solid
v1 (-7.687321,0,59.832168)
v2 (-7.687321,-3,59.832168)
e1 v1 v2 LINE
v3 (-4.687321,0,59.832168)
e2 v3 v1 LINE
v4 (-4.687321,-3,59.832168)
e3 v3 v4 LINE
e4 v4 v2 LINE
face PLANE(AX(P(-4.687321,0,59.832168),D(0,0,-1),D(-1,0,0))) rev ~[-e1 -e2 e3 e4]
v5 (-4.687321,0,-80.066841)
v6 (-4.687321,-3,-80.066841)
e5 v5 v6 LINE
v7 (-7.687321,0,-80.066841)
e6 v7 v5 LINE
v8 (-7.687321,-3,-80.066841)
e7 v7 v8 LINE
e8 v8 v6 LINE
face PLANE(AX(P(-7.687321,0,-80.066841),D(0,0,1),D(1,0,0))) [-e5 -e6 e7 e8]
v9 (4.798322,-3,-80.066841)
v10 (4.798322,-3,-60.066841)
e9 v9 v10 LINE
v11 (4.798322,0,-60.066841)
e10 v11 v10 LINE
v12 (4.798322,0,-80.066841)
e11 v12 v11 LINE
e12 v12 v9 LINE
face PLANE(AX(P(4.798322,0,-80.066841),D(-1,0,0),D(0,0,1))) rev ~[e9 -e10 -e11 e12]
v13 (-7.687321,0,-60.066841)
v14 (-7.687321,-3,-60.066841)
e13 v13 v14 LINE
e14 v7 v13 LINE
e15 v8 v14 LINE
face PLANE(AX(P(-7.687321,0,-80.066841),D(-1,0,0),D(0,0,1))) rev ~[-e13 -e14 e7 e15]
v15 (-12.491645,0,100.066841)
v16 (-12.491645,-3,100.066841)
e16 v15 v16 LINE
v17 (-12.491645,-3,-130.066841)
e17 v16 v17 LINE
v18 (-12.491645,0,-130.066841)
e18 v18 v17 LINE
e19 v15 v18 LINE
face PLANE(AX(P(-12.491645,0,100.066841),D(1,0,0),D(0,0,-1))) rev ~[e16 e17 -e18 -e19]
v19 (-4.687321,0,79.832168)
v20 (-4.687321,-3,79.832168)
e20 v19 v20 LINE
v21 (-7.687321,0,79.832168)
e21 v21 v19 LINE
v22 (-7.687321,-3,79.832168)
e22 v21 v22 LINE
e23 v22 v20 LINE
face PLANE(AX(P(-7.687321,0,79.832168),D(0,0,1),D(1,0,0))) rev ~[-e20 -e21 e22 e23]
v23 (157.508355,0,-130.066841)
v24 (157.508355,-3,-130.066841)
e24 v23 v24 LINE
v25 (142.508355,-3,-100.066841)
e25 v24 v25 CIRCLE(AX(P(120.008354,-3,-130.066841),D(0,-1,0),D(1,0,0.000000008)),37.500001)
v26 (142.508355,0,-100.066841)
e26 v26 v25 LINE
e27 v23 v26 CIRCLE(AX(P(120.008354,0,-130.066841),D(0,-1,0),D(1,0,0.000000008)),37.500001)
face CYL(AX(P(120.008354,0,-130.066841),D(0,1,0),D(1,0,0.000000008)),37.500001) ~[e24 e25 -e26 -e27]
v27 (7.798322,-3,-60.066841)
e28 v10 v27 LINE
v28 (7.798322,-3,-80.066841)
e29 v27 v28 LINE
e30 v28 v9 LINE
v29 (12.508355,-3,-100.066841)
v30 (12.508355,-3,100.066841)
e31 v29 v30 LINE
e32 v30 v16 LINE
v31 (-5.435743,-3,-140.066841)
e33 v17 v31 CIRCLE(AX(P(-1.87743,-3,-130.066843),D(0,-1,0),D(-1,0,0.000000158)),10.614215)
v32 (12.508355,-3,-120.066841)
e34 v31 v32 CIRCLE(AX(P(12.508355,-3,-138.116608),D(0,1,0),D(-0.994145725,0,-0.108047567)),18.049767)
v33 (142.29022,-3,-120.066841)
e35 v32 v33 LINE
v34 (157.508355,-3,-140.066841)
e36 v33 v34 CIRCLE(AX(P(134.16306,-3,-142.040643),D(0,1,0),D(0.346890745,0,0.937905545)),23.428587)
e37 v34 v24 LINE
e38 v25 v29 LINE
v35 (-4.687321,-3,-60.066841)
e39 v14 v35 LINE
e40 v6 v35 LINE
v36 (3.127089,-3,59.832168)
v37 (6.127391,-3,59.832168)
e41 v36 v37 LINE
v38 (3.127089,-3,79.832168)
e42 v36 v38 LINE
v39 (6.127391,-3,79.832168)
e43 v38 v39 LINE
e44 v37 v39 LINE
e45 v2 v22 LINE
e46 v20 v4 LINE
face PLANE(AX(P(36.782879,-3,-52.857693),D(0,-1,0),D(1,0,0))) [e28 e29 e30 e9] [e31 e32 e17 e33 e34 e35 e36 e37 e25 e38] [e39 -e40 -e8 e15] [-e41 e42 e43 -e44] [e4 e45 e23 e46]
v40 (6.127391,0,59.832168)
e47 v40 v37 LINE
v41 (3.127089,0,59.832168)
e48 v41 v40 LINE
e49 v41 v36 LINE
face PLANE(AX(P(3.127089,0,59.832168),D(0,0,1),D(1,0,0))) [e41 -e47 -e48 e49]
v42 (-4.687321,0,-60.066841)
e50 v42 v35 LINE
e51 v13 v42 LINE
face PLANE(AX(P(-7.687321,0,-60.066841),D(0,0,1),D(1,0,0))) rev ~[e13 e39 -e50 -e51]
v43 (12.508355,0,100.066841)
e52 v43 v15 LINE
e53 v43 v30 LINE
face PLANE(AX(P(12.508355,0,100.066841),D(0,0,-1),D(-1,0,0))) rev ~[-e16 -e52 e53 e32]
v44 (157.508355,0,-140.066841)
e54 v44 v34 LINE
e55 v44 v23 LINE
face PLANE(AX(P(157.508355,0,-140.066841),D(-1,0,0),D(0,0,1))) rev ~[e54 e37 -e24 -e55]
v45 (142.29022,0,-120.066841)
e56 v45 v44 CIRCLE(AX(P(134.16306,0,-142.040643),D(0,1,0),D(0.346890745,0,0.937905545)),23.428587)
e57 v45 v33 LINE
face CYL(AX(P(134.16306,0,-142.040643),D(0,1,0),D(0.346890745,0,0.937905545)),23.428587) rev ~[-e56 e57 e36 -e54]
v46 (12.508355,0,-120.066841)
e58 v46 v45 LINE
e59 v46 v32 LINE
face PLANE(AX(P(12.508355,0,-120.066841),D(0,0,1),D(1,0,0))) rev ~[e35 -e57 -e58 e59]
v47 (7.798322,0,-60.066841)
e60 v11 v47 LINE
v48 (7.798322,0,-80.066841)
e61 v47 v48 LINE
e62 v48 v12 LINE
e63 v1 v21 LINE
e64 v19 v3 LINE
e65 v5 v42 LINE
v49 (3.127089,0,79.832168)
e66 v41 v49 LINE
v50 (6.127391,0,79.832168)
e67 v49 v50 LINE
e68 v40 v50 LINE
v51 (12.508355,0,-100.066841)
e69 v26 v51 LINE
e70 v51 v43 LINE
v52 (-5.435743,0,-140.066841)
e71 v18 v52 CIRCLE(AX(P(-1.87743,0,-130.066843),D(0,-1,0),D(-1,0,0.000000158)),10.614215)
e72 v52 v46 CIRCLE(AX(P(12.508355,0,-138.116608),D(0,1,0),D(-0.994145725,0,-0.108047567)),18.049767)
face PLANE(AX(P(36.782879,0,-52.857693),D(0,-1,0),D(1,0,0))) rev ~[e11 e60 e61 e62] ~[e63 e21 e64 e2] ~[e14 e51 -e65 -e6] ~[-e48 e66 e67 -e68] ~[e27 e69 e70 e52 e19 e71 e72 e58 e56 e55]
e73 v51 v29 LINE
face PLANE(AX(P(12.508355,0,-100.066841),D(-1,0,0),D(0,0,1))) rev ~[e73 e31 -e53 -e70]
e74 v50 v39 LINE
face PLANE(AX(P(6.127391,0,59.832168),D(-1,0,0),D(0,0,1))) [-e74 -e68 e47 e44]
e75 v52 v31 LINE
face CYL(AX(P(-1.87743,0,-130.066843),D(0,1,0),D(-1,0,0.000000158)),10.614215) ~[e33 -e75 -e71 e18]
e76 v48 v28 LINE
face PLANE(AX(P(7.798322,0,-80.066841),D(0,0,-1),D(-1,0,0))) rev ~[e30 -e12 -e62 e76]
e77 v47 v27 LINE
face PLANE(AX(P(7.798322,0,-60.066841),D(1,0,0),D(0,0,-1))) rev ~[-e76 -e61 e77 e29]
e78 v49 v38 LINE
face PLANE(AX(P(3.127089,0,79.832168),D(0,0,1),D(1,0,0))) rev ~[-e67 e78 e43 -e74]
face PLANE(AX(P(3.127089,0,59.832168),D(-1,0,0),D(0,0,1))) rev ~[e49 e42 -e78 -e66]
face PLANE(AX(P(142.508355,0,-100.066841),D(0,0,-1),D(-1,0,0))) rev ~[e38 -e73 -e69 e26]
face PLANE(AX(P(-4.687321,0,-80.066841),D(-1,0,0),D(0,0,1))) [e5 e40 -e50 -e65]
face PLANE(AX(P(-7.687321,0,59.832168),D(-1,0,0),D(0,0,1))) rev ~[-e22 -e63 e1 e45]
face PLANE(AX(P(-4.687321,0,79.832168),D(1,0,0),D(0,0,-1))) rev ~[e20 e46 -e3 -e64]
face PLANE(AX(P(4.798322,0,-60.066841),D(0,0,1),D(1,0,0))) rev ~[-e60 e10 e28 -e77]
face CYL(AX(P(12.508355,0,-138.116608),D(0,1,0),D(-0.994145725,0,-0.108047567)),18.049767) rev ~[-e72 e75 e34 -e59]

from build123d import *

# Parameters (mm, degrees)
F0_W     = 3
F0_H     = 20
F0_W_2   = 3.000302
F1_DEPTH = 3


with BuildPart() as f1:
    # F0 (on Front) → F1 (new body)
    with BuildSketch(Plane.XZ):
        with BuildLine():
            Line((12.508355, -100.066841), (12.508355, 100.066841))
            Line((12.508355, 100.066841), (-12.491645, 100.066841))
            Line((-12.491645, 100.066841), (-12.491645, -100.066841))
            Line((-12.491645, -100.066841), (-12.491645, -130.066841))
            ThreePointArc((-12.491645, -130.066841), (-10.550096, -136.186191), (-5.435743, -140.066841))
            ThreePointArc((-5.435743, -140.066841), (-0.926587, -126.062712), (12.508355, -120.066841))
            Line((12.508355, -120.066841), (20.482657, -120.066841))
            Line((20.482657, -120.066841), (142.29022, -120.066841))
            ThreePointArc((142.29022, -120.066841), (152.807868, -127.853683), (157.508355, -140.066841))
            Line((157.508355, -140.066841), (157.508355, -130.066841))
            ThreePointArc((157.508355, -130.066841), (153.549375, -113.296332), (142.508355, -100.066841))
            Line((142.508355, -100.066841), (12.508355, -100.066841))
        make_face()
        with Locations((-6.187321, -70.066841)):
            Rectangle(F0_W, F0_H, mode=Mode.SUBTRACT)
        Polygon((4.798322, -60.066841), (6.254178, -60.066841), (7.798322, -60.066841), (7.798322, -80.066841), (4.798322, -80.066841), align=None, mode=Mode.SUBTRACT)
        Polygon((-4.687321, 59.832168), (-6.230536, 59.832168), (-6.254178, 59.832168), (-7.687321, 59.832168), (-7.687321, 79.832168), (-4.687321, 79.832168), align=None, mode=Mode.SUBTRACT)
        with Locations((4.62724, 69.832168)):
            Rectangle(F0_W_2, F0_H, mode=Mode.SUBTRACT)
    extrude(amount=F1_DEPTH)


solid = f1.part
